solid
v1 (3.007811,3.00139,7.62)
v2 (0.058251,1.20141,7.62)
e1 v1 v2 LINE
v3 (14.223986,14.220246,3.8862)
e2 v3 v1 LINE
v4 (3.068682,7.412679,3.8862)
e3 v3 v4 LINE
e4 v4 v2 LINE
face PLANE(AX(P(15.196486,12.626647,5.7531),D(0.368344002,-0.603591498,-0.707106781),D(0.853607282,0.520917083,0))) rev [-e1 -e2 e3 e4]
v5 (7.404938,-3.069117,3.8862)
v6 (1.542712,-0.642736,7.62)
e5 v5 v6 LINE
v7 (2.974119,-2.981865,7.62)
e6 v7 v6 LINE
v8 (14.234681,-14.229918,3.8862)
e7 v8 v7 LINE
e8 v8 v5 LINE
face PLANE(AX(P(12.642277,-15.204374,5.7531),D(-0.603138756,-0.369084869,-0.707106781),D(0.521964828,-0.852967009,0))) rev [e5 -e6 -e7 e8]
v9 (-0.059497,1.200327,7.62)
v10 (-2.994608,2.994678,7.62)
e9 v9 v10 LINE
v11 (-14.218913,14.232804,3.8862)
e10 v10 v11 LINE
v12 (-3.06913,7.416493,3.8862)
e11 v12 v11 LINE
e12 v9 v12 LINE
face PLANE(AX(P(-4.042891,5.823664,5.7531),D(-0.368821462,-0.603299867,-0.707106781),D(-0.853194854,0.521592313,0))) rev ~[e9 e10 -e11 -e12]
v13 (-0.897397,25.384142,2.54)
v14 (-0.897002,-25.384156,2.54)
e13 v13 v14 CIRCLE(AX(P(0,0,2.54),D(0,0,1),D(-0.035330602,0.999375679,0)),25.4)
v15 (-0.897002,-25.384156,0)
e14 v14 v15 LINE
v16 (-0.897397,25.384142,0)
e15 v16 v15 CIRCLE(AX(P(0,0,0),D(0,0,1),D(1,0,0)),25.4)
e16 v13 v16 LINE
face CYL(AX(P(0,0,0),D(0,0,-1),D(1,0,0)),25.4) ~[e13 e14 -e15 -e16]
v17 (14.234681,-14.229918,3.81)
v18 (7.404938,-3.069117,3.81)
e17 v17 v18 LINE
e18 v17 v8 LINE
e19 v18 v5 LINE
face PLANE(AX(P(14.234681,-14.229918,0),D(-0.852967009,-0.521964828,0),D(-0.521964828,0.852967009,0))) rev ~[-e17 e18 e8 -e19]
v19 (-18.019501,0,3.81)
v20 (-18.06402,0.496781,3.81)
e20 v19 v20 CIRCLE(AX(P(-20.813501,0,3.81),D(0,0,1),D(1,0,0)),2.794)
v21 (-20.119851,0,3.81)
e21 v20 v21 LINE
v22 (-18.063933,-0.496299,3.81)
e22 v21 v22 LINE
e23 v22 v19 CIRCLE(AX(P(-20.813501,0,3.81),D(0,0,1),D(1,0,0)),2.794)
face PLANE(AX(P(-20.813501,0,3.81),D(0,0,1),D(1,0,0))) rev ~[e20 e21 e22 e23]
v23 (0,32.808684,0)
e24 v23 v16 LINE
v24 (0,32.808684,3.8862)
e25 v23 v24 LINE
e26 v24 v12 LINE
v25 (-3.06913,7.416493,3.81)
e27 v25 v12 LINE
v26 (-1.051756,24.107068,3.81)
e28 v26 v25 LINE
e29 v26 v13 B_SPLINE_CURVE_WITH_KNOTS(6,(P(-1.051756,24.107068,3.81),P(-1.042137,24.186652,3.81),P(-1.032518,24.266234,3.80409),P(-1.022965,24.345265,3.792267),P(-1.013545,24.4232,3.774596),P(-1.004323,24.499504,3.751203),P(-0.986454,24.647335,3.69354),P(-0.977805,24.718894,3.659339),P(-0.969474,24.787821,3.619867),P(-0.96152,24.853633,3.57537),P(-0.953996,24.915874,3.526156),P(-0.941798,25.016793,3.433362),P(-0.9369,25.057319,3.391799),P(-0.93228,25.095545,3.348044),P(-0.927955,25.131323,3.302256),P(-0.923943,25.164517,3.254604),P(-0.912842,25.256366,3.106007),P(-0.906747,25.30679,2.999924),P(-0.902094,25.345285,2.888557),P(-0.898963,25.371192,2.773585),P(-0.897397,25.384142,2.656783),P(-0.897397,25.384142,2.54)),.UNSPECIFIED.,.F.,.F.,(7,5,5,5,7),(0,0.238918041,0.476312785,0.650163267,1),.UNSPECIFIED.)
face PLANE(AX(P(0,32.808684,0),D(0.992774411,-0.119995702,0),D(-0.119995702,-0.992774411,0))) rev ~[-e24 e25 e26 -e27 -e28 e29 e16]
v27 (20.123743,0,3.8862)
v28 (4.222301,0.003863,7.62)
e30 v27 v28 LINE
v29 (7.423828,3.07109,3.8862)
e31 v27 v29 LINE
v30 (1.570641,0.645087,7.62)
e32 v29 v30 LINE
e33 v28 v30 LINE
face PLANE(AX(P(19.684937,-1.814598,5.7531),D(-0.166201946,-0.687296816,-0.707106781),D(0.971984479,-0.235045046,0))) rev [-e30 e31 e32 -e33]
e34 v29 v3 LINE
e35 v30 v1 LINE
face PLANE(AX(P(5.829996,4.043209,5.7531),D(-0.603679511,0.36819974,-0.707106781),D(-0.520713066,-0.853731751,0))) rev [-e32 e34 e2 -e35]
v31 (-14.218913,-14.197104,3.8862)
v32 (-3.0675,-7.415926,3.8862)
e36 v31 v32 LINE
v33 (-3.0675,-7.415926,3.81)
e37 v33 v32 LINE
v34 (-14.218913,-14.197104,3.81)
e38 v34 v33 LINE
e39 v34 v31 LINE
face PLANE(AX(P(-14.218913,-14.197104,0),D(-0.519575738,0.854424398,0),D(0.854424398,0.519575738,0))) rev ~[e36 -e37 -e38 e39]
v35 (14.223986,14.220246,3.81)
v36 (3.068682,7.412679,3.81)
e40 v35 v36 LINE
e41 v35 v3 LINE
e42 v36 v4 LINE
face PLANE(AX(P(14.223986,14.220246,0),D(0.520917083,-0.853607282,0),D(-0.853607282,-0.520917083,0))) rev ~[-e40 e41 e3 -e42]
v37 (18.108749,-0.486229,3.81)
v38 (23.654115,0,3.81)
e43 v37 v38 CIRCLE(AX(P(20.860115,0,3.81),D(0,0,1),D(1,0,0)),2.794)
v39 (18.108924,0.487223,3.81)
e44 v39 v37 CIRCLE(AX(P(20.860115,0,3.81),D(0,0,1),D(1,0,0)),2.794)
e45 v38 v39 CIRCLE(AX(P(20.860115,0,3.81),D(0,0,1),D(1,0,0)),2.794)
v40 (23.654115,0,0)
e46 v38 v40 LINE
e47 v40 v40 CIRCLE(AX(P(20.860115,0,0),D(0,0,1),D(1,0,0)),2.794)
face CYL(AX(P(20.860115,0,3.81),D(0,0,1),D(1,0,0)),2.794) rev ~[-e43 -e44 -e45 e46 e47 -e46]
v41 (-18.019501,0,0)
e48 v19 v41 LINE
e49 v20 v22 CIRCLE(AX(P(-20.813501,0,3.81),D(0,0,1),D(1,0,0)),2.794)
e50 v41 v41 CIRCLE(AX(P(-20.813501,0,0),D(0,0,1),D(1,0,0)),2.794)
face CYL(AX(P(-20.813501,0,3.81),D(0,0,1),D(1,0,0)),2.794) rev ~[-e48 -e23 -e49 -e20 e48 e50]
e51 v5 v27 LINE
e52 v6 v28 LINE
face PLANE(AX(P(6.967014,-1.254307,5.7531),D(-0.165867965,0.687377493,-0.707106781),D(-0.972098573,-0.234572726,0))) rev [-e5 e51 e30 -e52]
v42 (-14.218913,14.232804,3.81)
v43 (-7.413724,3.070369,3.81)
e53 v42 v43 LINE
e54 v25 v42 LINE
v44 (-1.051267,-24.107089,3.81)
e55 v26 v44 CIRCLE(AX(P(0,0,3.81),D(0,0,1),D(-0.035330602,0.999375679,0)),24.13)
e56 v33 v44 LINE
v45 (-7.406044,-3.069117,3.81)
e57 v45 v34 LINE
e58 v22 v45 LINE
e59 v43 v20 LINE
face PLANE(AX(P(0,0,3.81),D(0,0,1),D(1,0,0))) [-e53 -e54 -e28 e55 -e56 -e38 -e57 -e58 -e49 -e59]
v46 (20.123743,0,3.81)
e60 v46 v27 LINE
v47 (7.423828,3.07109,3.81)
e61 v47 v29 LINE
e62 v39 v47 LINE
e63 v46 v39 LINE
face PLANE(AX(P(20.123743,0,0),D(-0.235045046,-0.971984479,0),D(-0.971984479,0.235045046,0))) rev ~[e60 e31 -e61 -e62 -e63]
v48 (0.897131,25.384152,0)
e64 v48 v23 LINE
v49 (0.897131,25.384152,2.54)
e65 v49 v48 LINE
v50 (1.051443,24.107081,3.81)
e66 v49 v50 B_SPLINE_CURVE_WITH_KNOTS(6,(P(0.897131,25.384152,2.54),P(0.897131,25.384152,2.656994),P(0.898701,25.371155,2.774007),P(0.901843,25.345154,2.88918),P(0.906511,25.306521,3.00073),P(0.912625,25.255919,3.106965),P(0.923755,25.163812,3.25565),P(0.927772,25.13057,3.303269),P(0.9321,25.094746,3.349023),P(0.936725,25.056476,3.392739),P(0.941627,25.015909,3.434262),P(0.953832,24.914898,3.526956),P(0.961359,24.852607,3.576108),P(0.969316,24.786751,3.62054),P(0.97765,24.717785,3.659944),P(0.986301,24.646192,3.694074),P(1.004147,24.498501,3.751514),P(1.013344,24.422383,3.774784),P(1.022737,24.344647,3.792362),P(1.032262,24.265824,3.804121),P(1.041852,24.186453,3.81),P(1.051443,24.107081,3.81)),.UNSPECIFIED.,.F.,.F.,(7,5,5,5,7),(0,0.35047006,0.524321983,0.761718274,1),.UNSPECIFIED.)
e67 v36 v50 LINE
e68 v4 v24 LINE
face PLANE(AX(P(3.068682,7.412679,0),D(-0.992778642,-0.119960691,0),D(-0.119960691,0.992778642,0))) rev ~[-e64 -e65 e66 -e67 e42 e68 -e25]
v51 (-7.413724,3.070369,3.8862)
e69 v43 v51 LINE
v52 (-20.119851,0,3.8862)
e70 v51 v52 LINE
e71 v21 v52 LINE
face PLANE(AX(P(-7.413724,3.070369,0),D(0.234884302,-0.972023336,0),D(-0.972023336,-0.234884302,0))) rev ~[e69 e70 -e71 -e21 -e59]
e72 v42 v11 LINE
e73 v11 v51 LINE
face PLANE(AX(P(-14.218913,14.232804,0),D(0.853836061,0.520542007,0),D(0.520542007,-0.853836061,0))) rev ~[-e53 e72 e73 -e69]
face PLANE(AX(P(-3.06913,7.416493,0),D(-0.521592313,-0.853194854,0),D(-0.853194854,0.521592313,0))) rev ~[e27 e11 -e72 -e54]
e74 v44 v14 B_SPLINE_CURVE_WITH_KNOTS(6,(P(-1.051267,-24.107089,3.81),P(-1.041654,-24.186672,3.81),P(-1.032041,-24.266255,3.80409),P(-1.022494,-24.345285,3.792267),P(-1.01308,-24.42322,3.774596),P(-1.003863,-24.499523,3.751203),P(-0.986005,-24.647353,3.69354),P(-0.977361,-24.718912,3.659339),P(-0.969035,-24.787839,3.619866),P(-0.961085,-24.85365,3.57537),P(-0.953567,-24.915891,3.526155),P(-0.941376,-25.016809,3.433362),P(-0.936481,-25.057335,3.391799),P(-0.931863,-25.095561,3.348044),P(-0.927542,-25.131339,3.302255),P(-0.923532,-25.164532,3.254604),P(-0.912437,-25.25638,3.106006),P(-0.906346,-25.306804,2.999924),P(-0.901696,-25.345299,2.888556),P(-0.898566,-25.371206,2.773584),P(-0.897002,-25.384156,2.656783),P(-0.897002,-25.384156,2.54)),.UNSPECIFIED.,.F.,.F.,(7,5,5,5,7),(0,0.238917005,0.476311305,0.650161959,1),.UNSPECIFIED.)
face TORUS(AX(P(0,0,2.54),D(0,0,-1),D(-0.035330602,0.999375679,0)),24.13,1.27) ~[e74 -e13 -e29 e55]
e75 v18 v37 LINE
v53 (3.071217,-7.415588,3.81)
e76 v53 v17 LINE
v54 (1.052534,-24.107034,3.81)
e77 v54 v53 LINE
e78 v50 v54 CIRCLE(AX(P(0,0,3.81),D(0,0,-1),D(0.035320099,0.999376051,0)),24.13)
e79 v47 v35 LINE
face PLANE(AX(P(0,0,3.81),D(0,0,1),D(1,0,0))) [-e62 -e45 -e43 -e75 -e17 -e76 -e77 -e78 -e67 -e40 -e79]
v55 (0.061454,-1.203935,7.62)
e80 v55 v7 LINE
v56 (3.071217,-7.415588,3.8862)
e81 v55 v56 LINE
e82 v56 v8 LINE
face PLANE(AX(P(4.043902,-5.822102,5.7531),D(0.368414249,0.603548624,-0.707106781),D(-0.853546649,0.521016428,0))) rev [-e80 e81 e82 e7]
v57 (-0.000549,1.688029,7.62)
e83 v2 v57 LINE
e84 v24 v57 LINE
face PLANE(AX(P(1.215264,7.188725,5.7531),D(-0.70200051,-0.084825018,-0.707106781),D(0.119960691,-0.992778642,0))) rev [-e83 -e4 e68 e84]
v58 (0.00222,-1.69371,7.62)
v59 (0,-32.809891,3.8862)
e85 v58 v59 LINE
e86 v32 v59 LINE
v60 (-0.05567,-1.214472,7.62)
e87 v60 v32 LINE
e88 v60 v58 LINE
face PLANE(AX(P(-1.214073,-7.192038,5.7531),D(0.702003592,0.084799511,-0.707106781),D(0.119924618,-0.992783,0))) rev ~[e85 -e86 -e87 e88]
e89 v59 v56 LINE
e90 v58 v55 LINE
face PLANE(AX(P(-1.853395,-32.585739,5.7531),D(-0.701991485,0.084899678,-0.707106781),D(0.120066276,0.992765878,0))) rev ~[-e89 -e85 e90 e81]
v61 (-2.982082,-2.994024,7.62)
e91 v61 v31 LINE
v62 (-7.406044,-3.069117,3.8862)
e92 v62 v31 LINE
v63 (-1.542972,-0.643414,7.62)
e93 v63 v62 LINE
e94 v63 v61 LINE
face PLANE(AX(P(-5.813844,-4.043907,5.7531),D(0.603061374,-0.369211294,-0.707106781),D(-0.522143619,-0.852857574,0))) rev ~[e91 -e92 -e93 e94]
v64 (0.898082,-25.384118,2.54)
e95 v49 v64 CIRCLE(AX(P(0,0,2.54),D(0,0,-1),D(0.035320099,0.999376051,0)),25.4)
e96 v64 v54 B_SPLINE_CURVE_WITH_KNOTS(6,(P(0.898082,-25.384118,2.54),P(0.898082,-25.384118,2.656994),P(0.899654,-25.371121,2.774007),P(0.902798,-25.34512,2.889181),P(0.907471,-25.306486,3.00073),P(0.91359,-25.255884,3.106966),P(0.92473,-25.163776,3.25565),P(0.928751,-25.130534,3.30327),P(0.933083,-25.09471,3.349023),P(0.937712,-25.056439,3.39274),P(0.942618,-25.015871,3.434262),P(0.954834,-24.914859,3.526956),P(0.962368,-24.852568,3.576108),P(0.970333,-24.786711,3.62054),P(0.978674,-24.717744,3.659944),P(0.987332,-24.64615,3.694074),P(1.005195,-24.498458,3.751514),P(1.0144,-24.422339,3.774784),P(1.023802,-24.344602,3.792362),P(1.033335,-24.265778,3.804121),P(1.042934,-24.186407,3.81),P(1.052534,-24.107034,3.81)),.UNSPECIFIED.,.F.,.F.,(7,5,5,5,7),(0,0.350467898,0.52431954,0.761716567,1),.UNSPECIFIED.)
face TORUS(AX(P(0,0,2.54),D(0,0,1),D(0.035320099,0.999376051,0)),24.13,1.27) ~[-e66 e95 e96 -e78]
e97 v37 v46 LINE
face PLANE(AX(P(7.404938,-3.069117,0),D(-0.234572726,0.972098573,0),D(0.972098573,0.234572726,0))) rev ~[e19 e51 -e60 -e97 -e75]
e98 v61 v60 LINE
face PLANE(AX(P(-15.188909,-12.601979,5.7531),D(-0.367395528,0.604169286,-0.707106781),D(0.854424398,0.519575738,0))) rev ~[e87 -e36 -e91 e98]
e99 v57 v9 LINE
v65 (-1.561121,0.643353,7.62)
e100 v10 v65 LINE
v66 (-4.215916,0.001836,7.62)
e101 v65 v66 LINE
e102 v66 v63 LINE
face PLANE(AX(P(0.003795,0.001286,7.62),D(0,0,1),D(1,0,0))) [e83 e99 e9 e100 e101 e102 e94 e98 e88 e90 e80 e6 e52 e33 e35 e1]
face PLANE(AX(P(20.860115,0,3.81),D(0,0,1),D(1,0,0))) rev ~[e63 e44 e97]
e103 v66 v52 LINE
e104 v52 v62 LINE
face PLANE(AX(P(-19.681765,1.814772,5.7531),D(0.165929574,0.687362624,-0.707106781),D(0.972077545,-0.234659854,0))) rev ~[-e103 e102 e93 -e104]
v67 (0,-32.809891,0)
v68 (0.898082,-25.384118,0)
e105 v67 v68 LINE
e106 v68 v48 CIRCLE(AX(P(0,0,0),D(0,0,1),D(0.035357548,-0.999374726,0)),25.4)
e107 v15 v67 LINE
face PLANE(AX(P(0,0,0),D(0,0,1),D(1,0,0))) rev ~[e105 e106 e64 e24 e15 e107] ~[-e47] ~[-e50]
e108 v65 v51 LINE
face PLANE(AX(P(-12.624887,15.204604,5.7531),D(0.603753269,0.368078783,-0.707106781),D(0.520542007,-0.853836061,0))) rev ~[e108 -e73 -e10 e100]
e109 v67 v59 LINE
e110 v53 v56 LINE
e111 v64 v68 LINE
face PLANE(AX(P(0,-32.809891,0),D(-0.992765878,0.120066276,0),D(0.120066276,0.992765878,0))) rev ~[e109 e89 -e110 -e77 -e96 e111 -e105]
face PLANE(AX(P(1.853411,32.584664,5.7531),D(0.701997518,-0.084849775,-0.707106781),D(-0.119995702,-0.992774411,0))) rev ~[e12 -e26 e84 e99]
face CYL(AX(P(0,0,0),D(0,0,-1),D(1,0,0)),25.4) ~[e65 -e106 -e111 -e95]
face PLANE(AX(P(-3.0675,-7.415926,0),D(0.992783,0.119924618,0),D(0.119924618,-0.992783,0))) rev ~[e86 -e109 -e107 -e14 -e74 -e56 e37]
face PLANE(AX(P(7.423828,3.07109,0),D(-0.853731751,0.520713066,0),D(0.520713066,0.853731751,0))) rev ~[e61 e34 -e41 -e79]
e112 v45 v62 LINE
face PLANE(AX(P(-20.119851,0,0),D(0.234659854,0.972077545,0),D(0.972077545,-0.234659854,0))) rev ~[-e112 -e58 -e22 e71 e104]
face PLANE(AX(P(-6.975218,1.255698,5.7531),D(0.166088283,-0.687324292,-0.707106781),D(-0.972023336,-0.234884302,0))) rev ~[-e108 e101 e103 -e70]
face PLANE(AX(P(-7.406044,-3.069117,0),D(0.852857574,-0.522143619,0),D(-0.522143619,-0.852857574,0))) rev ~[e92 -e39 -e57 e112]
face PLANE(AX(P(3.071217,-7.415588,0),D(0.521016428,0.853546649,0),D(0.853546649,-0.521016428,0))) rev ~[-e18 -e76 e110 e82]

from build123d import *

# Parameters (mm, degrees)
F2_DEPTH = 7.62
F3_R     = 25.4
F4_DEPTH = 3.81
F5_SIZE  = 3.7338
F6_R     = 1.27
F9_D     = 5.588
F9_DEPTH = 127
F9_TIP   = 1.6788045696


with BuildPart() as f2:
    # F1 (on Top) → F2 (new body)
    with BuildSketch(Plane.XY):
        Polygon((-3.0674997251, -7.4159256183), (0, -32.8098908067), (3.0712168664, -7.4155884795), (14.2346806824, -14.2299178988), (7.4049378745, -3.0691174325), (20.1237425208, 0), (7.4238278903, 3.0710902065), (14.2239863053, 14.2202461138), (3.068682272, 7.4126794934), (0, 32.8086838126), (-3.0691300053, 7.4164932594), (-14.2189133912, 14.2328040674), (-7.413723506, 3.0703686643), (-20.1198514551, 0), (-7.4060442857, -3.0691174325), (-14.2189133912, -14.1971036792), align=None)
    extrude(amount=F2_DEPTH)

    # F3 (on Top) → F4 (join)
    with BuildSketch(Plane.XY):
        Circle(F3_R)
    extrude(amount=F4_DEPTH)

    # F5
    f5_edges = [f2.edges().sort_by_distance(p)[0] for p in [
        (-10.812479, -8.633111, 7.62),
        (-8.643207, -10.806515, 7.62),
        (-1.53375, -20.112908, 7.62),
        (1.535608, -20.11274, 7.62),
        (8.652949, -10.822753, 7.62),
        (10.819809, -8.649518, 7.62),
        (13.76434, -1.534559, 7.62),
        (13.773785, 1.535545, 7.62),
        (10.823907, 8.645668, 7.62),
        (8.646334, 10.816463, 7.62),
        (1.534341, 20.110682, 7.62),
        (-1.534565, 20.112589, 7.62),
        (-8.644022, 10.824649, 7.62),
        (-10.816318, 8.651586, 7.62),
        (-13.766787, 1.535184, 7.62),
        (-13.762948, -1.534559, 7.62),
    ]]
    chamfer(f5_edges, length=F5_SIZE)

    # F6
    f6_edges = [f2.edges().sort_by_distance(p)[0] for p in [
        (25.4, 0.000476, 3.81),
        (-25.4, -0.000198, 3.81),
    ]]
    fillet(f6_edges, radius=F6_R)

    # F9 (one way)
    with BuildSketch(Plane.XY.offset(3.81)):
        with Locations((-20.8135005087, 0), (20.8601150662, 0)):
            Circle(F9_D / 2)
    extrude(amount=-F9_DEPTH, mode=Mode.SUBTRACT)
    with Locations(Plane.XY.offset(3.81)):
        with Locations((-20.8135005087, 0), (20.8601150662, 0)):
            with Locations((0, 0, -(F9_DEPTH + F9_TIP / 2))):  # 118° drill point
                Cone(0, F9_D / 2, F9_TIP, mode=Mode.SUBTRACT)


solid = f2.part
